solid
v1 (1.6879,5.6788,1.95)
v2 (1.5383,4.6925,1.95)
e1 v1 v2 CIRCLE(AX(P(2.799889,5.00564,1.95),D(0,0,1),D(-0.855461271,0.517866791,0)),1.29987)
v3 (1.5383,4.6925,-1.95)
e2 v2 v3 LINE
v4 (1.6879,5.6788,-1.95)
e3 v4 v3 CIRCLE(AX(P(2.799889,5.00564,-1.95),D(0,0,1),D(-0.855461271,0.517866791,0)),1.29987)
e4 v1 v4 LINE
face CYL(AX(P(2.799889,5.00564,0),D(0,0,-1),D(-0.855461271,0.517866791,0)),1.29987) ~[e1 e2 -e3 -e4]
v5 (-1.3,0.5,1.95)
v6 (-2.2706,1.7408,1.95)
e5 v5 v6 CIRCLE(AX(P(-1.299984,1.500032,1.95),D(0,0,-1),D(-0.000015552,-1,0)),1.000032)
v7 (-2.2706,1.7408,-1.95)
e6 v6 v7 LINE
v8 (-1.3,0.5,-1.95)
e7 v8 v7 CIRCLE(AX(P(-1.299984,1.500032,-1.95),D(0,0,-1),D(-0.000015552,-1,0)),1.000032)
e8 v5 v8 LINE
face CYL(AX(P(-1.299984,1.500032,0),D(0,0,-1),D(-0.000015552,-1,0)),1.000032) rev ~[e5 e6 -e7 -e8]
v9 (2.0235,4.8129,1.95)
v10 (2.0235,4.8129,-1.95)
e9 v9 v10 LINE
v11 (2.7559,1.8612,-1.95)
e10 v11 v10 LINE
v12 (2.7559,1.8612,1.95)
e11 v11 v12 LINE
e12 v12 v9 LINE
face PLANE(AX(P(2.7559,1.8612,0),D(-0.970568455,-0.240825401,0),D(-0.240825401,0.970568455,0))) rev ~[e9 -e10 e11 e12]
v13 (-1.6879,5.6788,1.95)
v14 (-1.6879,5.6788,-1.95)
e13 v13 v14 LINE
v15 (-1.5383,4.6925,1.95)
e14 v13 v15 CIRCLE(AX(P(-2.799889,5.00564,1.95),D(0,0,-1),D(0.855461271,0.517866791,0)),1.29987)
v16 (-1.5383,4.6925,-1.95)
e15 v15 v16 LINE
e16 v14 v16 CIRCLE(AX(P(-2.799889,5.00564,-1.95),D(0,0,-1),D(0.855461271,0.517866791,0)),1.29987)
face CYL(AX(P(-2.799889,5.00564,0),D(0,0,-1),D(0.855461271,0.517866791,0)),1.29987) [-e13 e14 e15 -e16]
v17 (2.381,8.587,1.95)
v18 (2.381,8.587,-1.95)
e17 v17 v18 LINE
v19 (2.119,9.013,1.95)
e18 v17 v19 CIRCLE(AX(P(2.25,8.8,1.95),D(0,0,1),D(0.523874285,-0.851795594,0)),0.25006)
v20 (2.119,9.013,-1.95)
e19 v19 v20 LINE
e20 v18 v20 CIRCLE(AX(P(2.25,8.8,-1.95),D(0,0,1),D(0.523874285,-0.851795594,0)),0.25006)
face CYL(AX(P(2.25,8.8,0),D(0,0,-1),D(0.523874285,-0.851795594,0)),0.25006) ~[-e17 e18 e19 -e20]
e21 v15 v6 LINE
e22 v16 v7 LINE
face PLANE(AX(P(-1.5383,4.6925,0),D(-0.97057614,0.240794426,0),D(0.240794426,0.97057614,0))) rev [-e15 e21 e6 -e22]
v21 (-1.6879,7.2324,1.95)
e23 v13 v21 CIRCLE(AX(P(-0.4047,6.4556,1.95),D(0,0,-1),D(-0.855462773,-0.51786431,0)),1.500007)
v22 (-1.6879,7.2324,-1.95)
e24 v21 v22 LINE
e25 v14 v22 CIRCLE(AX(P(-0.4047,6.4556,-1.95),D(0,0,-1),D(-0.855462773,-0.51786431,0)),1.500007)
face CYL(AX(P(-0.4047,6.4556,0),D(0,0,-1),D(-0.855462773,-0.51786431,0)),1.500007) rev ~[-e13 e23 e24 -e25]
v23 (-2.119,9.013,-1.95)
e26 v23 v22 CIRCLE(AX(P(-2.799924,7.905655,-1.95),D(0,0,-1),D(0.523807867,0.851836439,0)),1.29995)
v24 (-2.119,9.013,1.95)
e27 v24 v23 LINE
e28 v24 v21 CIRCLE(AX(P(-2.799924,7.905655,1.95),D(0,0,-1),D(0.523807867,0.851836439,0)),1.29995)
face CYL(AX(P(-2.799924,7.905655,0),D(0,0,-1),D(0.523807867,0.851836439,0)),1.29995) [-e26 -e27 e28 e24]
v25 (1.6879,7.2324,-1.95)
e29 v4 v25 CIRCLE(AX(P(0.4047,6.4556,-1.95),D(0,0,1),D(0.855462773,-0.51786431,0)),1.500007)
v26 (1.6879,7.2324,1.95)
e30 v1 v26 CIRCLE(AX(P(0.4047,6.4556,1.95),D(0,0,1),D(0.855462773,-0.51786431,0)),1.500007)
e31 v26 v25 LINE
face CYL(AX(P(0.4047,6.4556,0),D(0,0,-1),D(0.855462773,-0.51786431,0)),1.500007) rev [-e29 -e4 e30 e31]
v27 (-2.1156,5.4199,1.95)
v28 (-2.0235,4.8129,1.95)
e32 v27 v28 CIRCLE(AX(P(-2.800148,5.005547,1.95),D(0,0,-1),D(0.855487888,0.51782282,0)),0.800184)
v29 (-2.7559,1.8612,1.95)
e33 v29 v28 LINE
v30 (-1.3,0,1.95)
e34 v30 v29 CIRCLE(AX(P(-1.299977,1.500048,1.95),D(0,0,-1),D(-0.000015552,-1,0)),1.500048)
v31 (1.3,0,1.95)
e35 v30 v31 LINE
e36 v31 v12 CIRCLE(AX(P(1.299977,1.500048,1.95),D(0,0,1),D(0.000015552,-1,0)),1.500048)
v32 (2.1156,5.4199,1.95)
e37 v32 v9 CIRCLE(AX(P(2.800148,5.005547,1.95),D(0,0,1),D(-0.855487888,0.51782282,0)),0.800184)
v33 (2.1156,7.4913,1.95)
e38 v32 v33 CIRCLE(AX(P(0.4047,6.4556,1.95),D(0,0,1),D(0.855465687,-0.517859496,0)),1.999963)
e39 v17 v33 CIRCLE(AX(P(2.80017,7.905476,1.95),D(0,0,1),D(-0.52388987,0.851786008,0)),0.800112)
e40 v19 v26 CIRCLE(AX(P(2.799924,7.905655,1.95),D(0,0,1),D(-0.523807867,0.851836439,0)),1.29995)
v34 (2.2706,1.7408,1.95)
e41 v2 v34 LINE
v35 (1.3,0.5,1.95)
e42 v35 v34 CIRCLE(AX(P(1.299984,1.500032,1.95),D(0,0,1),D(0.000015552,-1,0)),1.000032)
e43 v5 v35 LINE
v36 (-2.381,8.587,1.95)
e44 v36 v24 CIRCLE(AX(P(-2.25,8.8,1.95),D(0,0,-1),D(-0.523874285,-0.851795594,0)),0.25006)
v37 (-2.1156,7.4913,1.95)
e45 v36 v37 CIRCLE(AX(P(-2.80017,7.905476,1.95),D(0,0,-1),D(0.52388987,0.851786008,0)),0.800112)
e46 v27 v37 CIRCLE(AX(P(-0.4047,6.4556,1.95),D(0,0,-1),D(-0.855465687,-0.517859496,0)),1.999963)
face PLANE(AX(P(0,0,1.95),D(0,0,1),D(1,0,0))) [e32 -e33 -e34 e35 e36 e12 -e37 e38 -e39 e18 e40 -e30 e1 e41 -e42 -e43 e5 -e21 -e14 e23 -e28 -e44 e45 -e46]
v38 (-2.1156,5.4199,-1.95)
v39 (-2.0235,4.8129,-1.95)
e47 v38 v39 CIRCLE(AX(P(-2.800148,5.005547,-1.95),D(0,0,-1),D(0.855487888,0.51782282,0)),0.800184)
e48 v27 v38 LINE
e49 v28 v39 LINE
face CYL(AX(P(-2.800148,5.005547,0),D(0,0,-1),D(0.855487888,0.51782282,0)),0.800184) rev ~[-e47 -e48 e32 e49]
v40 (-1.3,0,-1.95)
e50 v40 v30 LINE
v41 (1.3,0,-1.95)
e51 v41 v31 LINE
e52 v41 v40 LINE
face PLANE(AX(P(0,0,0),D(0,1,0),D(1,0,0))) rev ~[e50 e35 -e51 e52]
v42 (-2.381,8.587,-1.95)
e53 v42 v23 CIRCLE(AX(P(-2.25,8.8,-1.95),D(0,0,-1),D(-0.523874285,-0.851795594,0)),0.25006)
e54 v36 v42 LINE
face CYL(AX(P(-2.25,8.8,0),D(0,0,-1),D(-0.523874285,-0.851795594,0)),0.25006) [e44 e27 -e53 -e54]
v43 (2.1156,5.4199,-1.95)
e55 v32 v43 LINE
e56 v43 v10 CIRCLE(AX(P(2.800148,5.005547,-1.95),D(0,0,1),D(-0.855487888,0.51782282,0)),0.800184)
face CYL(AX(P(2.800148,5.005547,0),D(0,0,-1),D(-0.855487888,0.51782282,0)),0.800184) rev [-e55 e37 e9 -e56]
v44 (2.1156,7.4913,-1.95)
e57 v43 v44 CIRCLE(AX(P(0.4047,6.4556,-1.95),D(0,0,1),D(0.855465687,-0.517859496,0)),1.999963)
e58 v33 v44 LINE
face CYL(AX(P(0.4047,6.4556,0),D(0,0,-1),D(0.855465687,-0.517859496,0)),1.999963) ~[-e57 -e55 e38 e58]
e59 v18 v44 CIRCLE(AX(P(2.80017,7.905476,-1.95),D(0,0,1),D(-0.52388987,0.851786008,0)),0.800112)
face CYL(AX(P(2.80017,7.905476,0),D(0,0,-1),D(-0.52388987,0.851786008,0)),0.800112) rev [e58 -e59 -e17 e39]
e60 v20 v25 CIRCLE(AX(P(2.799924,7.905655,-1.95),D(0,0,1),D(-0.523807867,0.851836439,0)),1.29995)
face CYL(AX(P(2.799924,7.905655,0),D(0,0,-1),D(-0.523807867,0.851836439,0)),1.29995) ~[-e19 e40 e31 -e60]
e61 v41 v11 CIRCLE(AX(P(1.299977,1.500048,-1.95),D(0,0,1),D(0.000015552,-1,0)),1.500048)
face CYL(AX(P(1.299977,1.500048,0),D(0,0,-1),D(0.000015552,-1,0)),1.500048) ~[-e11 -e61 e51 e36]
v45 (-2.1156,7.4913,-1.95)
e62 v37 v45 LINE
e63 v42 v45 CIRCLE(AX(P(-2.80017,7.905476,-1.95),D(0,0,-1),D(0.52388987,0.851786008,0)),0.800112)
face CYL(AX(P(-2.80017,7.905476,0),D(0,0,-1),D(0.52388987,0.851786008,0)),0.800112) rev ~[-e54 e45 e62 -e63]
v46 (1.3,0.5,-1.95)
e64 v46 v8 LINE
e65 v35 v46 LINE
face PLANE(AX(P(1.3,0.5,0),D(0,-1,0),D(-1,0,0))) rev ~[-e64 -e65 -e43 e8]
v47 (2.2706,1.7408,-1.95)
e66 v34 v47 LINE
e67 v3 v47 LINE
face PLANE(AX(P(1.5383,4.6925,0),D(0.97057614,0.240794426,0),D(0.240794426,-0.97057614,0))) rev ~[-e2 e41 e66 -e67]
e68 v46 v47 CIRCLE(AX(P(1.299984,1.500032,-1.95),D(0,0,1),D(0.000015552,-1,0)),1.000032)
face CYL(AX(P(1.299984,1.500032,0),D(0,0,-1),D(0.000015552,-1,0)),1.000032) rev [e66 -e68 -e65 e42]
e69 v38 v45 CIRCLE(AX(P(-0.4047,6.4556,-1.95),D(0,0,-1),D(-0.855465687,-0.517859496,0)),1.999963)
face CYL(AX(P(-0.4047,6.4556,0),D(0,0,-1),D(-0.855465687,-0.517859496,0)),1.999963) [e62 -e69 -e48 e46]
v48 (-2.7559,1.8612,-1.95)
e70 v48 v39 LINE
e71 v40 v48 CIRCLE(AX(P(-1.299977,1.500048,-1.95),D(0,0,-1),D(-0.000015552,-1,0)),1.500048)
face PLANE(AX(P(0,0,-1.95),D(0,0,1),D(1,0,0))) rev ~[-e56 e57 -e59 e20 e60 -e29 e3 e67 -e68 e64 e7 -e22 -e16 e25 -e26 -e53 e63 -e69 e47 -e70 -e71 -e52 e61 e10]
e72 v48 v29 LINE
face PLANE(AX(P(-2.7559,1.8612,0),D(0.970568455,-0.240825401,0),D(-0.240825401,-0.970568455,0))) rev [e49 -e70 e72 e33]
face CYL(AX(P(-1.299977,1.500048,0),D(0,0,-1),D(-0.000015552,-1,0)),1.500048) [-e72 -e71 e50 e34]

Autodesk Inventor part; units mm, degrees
ref_plane "YZ Plane" through (0, 0, 0) normal (1, 0, 0) x (0, 1, 0)
ref_plane "XZ Plane" through (0, 0, 0) normal (0, 1, 0) x (-1, 0, 0)
ref_plane "XY Plane" through (0, 0, 0) normal (0, 0, 1) x (1, 0, 0)
sketch "Sketch1" plane through (0, 0, 0) normal (0, 0, 1) x (1, 0, 0)
  line L0 (0, 0) -> (1.3, 0)
  line L1 (2.7559, 1.8612) -> (2.0235, 4.8129)
  arc A0 (1.3, 0) -> (2.7559, 1.8612) centre (1.3, 1.5) ccw
  arc A1 (2.1156, 5.4199) -> (2.0235, 4.8129) centre (2.8, 5.0056) ccw
  arc A2 (2.1156, 5.4199) -> (2.1156, 7.4913) centre (0.4047, 6.4556) ccw
  arc A3 (2.381, 8.587) -> (2.1156, 7.4913) centre (2.8, 7.9056) ccw
  arc A4 (2.381, 8.587) -> (2.119, 9.013) centre (2.25, 8.8) ccw
  arc A5 (2.119, 9.013) -> (1.6879, 7.2324) centre (2.8, 7.9056) ccw
  arc A6 (1.6879, 5.6788) -> (1.6879, 7.2324) centre (0.4047, 6.4556) ccw
  arc A7 (1.6879, 5.6788) -> (1.5383, 4.6925) centre (2.8, 5.0056) ccw
  arc A8 (1.3, 0.5) -> (2.2706, 1.7408) centre (1.3, 1.5) ccw
  line L2 (1.5383, 4.6925) -> (2.2706, 1.7408)
  line L3 (1.3, 0.5) -> (0, 0.5)
  line L4 (0, 0.5) -> (0, 0)
  point P0 (0, 0)
  dimension "d0" = 9.05
  dimension "d1" = 0.5
  dimension "d2" = 1.5
  dimension "d3" = 1.5
  dimension "d4" = 2.5
  dimension "d5" = 2.8
  dimension "d6" = 2.9
  dimension "d9" = 1.5
  dimension "d10" = 1.3
  dimension "d11" = 2
extrude "Extrusion1" add sketch "Sketch1" along normal mid plane 3.9
mirror "Mirror1" about plane through (0, 0, 0) normal (1, 0, 0) of "Extrusion1"
equation "\"d3\" = d2"
properties material "Nickel-Copper Alloy 400"
